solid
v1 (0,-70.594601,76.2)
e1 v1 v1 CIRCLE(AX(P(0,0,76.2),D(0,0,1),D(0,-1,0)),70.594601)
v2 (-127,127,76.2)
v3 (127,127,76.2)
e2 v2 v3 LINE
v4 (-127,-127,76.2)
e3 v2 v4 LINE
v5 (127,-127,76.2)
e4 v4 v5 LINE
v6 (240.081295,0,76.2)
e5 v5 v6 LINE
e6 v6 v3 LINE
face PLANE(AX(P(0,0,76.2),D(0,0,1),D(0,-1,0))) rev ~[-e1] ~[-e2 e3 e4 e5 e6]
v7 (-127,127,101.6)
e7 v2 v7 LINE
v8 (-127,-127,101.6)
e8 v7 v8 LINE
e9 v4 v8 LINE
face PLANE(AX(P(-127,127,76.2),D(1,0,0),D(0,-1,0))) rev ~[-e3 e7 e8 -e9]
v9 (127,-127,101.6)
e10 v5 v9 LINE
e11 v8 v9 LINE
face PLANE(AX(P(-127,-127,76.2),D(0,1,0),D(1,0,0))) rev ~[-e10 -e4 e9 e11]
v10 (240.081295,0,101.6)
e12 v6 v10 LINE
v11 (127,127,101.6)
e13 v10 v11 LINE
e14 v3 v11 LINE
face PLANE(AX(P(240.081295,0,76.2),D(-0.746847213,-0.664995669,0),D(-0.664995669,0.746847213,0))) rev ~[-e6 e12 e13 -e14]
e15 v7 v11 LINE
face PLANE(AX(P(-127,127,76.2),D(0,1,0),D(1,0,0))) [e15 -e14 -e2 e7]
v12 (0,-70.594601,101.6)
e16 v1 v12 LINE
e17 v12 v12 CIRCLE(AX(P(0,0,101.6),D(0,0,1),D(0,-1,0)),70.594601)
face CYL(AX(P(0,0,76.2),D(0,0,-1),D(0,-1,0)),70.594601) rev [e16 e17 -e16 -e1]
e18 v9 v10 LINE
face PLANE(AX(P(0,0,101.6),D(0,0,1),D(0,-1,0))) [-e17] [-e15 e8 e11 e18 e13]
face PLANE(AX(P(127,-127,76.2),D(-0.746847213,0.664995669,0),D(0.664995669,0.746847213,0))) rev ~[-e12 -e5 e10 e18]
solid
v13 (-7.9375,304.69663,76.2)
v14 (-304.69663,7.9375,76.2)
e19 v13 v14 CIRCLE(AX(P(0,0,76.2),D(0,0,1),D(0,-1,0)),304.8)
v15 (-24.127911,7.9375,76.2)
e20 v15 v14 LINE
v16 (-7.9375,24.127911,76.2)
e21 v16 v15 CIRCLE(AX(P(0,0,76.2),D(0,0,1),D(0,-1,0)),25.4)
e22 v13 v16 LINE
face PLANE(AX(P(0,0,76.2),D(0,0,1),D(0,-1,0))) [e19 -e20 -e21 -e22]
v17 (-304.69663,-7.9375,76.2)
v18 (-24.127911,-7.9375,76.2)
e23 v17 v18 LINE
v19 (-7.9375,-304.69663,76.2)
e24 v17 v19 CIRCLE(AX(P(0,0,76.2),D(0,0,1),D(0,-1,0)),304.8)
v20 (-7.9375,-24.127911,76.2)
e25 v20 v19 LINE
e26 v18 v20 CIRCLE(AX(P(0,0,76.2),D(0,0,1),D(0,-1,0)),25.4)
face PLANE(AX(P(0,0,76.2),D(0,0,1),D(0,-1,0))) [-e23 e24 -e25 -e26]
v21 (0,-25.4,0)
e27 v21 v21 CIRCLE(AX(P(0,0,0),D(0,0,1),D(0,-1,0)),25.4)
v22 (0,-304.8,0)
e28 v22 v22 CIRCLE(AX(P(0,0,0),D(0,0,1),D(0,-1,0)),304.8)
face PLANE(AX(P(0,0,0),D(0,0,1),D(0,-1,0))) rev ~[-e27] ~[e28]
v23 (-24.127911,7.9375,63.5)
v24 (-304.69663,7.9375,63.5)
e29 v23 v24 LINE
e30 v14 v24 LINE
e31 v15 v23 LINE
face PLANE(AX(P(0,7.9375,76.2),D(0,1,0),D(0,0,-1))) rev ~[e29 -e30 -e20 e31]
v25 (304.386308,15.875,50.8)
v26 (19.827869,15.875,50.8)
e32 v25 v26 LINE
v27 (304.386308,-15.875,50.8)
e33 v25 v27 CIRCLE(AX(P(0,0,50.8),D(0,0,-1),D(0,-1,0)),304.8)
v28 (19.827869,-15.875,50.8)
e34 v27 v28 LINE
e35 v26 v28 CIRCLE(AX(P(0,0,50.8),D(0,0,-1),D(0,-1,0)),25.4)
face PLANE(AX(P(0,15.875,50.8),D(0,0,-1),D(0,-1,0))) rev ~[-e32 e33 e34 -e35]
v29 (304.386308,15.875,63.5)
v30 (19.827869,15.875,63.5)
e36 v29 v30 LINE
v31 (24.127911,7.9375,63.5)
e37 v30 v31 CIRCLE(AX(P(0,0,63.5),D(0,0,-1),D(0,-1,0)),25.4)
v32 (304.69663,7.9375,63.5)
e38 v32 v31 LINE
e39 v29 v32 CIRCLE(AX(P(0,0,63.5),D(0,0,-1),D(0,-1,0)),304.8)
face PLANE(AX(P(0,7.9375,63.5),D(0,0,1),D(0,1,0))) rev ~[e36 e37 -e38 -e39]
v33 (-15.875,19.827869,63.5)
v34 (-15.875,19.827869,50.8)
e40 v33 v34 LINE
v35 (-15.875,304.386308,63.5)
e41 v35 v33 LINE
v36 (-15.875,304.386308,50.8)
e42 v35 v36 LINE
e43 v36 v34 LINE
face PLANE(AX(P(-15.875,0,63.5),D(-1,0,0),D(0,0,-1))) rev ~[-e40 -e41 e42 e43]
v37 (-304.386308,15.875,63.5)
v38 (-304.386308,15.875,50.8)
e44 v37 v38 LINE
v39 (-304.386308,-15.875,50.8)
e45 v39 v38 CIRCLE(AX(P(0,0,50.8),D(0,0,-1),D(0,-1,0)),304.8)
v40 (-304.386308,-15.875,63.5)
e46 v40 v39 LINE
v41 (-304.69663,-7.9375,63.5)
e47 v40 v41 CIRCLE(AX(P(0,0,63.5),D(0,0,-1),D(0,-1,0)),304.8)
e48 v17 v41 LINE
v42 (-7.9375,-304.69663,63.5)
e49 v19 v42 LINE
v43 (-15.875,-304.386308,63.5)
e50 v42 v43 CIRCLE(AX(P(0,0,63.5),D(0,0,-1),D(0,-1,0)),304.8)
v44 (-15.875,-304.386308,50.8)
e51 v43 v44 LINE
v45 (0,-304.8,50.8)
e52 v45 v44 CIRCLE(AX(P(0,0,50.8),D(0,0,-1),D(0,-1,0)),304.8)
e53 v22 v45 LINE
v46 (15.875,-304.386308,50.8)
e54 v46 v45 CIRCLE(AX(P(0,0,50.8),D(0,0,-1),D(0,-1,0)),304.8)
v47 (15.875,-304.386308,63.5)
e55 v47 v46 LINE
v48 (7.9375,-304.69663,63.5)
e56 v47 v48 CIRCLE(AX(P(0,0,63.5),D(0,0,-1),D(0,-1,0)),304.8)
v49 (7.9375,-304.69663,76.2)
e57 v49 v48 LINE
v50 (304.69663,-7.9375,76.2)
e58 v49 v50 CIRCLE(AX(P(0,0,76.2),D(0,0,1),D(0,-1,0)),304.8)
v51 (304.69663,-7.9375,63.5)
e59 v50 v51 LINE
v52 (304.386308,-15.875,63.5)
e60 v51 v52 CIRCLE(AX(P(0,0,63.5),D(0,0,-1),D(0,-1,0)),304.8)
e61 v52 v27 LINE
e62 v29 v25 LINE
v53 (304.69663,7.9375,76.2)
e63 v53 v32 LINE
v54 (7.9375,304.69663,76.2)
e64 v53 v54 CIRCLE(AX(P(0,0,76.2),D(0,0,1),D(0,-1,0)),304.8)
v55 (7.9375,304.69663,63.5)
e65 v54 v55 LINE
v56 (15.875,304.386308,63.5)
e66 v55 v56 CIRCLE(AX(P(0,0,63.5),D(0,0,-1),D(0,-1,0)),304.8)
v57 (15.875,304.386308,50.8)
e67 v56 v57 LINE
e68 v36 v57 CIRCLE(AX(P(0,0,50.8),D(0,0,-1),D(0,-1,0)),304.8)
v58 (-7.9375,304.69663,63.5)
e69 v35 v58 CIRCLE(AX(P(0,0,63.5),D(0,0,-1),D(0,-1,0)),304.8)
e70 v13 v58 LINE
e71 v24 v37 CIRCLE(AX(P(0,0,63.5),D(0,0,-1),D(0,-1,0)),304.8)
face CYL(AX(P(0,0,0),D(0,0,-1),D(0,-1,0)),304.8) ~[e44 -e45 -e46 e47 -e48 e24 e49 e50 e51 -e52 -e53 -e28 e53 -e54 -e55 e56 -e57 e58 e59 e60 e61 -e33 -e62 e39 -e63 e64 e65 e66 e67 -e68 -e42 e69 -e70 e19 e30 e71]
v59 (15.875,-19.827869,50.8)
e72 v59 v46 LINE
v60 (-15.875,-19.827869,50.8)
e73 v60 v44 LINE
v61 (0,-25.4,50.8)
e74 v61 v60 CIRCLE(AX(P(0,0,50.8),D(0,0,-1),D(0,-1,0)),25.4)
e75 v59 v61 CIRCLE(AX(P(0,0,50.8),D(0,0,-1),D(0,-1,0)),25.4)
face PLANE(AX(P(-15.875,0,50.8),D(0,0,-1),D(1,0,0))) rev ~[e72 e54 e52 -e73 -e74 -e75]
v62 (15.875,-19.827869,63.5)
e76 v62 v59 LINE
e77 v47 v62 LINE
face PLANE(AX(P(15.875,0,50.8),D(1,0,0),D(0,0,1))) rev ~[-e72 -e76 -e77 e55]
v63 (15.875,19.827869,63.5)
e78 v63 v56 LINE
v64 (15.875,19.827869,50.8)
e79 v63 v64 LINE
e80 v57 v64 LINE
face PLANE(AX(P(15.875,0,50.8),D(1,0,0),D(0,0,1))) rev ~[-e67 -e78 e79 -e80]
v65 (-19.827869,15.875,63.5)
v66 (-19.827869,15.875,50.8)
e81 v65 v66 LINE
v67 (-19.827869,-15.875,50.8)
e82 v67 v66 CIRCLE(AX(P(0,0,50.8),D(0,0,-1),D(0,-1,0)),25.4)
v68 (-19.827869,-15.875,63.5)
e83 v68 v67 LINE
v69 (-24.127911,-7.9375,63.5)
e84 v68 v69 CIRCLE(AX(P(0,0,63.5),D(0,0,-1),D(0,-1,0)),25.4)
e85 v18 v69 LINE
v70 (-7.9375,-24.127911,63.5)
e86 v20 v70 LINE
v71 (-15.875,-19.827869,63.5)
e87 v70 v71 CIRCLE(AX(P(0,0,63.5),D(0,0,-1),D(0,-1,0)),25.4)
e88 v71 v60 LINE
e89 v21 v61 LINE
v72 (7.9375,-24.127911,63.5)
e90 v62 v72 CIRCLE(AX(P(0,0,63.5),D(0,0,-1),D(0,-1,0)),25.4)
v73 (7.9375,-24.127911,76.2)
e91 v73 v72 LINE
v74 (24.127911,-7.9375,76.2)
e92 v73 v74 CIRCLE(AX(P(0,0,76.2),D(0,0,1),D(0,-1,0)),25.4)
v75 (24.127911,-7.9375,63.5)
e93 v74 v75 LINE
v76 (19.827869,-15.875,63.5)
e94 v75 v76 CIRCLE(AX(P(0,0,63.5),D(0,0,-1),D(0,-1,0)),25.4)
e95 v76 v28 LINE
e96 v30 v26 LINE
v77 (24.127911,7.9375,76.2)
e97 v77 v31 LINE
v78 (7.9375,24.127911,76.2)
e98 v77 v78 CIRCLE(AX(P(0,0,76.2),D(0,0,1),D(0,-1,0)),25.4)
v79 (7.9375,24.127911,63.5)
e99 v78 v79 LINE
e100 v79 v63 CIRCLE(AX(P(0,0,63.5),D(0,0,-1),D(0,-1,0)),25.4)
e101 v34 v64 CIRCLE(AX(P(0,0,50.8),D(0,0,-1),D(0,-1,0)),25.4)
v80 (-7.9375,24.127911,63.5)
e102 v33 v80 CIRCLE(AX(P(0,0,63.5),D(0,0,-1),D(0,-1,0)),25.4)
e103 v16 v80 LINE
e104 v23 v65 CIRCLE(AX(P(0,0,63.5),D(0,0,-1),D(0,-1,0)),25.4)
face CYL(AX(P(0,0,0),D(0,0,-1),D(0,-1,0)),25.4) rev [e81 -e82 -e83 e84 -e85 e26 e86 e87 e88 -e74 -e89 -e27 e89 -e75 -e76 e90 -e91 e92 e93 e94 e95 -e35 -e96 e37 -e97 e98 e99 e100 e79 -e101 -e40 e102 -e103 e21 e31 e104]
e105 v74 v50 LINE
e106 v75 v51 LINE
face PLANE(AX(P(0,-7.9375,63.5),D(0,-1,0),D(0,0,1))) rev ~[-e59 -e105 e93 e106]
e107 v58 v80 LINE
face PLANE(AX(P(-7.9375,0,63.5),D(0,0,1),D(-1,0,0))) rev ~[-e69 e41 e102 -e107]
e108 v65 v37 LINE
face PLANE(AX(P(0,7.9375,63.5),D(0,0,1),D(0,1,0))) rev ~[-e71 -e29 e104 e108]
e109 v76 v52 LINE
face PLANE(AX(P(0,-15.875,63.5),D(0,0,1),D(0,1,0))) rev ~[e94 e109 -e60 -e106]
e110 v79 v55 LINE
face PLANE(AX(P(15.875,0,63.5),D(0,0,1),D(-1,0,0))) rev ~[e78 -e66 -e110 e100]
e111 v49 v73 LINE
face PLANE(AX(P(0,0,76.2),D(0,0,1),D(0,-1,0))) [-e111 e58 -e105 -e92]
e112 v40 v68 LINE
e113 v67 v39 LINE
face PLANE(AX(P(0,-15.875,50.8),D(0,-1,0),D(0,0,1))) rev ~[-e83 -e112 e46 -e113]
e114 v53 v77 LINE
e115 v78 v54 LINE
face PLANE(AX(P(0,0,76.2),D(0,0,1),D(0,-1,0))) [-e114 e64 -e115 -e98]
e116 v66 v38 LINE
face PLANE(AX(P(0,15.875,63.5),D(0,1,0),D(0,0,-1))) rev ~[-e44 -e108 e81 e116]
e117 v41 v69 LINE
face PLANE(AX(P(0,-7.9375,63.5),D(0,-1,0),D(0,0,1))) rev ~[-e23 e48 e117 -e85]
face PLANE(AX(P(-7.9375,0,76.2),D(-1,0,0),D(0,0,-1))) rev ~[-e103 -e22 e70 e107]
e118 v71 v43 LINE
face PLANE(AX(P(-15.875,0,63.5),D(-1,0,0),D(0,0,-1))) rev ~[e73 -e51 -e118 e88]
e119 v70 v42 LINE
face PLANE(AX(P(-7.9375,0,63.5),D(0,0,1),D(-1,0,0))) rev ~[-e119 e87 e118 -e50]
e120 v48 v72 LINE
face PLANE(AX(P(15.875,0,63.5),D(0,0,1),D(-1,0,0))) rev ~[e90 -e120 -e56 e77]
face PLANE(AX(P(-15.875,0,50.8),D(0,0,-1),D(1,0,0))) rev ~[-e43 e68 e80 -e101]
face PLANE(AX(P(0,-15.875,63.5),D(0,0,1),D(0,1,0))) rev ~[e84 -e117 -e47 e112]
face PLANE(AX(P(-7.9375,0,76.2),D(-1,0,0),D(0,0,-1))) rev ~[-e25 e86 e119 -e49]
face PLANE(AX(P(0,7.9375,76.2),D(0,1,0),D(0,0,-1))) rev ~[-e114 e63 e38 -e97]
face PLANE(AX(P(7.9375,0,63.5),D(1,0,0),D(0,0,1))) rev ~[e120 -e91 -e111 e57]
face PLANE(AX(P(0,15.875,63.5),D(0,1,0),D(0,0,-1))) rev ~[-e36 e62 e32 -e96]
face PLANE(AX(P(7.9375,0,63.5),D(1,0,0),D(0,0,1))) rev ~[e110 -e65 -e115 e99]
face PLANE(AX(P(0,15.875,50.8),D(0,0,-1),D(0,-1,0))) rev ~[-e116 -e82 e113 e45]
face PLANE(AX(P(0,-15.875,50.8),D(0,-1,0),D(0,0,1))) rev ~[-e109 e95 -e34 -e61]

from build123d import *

# Parameters (mm, degrees)
F0_R          = 304.8
F0_R_2        = 25.4
F1_DEPTH      = 76.2
F3_DEPTH      = 304.801
F3_DEPTH_BACK = 304.801
F4_COUNT      = 2
F4_ANGLE      = 90
F6_W          = 254
F6_H          = 254
F6_R          = 70.594601
F7_DEPTH      = 25.4
F8_ANGLE      = -90


with BuildPart() as f1:
    # F0 (on Top) → F1 (new body)
    with BuildSketch(Plane.XY):
        Circle(F0_R)
        Circle(F0_R_2, mode=Mode.SUBTRACT)
    extrude(amount=F1_DEPTH)


with BuildPart() as f3:
    # F2 (on Front) → F3 (new body, two sides)
    with BuildSketch(Plane.XZ) as f3_sk:
        Polygon((7.9375, 76.2), (-7.9375, 76.2), (-7.9375, 63.5), (-15.875, 63.5), (-15.875, 50.8), (15.875, 50.8), (15.875, 63.5), (7.9375, 63.5), align=None)
    extrude(amount=F3_DEPTH)
    extrude(f3_sk.sketch, amount=-F3_DEPTH_BACK)


with BuildPart() as f4_1:
    # F4: instance of F3
    add(f3.part.rotate(Axis((0, 0, 58.865096), (0, 0, 1)), 1 * F4_ANGLE / (F4_COUNT - 1)))


with BuildPart() as f1_1:
    add(f1.part)

    # F5: cut F4_1, F3
    add(f4_1.part, mode=Mode.SUBTRACT)
    add(f3.part, mode=Mode.SUBTRACT)


with BuildPart() as f7:
    # F6 (on face) → F7 (new body)
    with BuildSketch(Plane.XY.offset(76.2)):
        Rectangle(F6_W, F6_H)
        Circle(F6_R, mode=Mode.SUBTRACT)
        Polygon((0, 240.081295), (-127, 127), (127, 127), align=None)
    extrude(amount=F7_DEPTH)


with BuildPart() as f1_2:
    # F8: moved
    add(f1_1.part.rotate(Axis((0, 0, 58.865096), (0, 0, 1)), F8_ANGLE))


with BuildPart() as f7_1:
    # F8: moved
    add(f7.part.rotate(Axis((0, 0, 58.865096), (0, 0, 1)), F8_ANGLE))


solid = Compound([f1_2.part, f7_1.part])
